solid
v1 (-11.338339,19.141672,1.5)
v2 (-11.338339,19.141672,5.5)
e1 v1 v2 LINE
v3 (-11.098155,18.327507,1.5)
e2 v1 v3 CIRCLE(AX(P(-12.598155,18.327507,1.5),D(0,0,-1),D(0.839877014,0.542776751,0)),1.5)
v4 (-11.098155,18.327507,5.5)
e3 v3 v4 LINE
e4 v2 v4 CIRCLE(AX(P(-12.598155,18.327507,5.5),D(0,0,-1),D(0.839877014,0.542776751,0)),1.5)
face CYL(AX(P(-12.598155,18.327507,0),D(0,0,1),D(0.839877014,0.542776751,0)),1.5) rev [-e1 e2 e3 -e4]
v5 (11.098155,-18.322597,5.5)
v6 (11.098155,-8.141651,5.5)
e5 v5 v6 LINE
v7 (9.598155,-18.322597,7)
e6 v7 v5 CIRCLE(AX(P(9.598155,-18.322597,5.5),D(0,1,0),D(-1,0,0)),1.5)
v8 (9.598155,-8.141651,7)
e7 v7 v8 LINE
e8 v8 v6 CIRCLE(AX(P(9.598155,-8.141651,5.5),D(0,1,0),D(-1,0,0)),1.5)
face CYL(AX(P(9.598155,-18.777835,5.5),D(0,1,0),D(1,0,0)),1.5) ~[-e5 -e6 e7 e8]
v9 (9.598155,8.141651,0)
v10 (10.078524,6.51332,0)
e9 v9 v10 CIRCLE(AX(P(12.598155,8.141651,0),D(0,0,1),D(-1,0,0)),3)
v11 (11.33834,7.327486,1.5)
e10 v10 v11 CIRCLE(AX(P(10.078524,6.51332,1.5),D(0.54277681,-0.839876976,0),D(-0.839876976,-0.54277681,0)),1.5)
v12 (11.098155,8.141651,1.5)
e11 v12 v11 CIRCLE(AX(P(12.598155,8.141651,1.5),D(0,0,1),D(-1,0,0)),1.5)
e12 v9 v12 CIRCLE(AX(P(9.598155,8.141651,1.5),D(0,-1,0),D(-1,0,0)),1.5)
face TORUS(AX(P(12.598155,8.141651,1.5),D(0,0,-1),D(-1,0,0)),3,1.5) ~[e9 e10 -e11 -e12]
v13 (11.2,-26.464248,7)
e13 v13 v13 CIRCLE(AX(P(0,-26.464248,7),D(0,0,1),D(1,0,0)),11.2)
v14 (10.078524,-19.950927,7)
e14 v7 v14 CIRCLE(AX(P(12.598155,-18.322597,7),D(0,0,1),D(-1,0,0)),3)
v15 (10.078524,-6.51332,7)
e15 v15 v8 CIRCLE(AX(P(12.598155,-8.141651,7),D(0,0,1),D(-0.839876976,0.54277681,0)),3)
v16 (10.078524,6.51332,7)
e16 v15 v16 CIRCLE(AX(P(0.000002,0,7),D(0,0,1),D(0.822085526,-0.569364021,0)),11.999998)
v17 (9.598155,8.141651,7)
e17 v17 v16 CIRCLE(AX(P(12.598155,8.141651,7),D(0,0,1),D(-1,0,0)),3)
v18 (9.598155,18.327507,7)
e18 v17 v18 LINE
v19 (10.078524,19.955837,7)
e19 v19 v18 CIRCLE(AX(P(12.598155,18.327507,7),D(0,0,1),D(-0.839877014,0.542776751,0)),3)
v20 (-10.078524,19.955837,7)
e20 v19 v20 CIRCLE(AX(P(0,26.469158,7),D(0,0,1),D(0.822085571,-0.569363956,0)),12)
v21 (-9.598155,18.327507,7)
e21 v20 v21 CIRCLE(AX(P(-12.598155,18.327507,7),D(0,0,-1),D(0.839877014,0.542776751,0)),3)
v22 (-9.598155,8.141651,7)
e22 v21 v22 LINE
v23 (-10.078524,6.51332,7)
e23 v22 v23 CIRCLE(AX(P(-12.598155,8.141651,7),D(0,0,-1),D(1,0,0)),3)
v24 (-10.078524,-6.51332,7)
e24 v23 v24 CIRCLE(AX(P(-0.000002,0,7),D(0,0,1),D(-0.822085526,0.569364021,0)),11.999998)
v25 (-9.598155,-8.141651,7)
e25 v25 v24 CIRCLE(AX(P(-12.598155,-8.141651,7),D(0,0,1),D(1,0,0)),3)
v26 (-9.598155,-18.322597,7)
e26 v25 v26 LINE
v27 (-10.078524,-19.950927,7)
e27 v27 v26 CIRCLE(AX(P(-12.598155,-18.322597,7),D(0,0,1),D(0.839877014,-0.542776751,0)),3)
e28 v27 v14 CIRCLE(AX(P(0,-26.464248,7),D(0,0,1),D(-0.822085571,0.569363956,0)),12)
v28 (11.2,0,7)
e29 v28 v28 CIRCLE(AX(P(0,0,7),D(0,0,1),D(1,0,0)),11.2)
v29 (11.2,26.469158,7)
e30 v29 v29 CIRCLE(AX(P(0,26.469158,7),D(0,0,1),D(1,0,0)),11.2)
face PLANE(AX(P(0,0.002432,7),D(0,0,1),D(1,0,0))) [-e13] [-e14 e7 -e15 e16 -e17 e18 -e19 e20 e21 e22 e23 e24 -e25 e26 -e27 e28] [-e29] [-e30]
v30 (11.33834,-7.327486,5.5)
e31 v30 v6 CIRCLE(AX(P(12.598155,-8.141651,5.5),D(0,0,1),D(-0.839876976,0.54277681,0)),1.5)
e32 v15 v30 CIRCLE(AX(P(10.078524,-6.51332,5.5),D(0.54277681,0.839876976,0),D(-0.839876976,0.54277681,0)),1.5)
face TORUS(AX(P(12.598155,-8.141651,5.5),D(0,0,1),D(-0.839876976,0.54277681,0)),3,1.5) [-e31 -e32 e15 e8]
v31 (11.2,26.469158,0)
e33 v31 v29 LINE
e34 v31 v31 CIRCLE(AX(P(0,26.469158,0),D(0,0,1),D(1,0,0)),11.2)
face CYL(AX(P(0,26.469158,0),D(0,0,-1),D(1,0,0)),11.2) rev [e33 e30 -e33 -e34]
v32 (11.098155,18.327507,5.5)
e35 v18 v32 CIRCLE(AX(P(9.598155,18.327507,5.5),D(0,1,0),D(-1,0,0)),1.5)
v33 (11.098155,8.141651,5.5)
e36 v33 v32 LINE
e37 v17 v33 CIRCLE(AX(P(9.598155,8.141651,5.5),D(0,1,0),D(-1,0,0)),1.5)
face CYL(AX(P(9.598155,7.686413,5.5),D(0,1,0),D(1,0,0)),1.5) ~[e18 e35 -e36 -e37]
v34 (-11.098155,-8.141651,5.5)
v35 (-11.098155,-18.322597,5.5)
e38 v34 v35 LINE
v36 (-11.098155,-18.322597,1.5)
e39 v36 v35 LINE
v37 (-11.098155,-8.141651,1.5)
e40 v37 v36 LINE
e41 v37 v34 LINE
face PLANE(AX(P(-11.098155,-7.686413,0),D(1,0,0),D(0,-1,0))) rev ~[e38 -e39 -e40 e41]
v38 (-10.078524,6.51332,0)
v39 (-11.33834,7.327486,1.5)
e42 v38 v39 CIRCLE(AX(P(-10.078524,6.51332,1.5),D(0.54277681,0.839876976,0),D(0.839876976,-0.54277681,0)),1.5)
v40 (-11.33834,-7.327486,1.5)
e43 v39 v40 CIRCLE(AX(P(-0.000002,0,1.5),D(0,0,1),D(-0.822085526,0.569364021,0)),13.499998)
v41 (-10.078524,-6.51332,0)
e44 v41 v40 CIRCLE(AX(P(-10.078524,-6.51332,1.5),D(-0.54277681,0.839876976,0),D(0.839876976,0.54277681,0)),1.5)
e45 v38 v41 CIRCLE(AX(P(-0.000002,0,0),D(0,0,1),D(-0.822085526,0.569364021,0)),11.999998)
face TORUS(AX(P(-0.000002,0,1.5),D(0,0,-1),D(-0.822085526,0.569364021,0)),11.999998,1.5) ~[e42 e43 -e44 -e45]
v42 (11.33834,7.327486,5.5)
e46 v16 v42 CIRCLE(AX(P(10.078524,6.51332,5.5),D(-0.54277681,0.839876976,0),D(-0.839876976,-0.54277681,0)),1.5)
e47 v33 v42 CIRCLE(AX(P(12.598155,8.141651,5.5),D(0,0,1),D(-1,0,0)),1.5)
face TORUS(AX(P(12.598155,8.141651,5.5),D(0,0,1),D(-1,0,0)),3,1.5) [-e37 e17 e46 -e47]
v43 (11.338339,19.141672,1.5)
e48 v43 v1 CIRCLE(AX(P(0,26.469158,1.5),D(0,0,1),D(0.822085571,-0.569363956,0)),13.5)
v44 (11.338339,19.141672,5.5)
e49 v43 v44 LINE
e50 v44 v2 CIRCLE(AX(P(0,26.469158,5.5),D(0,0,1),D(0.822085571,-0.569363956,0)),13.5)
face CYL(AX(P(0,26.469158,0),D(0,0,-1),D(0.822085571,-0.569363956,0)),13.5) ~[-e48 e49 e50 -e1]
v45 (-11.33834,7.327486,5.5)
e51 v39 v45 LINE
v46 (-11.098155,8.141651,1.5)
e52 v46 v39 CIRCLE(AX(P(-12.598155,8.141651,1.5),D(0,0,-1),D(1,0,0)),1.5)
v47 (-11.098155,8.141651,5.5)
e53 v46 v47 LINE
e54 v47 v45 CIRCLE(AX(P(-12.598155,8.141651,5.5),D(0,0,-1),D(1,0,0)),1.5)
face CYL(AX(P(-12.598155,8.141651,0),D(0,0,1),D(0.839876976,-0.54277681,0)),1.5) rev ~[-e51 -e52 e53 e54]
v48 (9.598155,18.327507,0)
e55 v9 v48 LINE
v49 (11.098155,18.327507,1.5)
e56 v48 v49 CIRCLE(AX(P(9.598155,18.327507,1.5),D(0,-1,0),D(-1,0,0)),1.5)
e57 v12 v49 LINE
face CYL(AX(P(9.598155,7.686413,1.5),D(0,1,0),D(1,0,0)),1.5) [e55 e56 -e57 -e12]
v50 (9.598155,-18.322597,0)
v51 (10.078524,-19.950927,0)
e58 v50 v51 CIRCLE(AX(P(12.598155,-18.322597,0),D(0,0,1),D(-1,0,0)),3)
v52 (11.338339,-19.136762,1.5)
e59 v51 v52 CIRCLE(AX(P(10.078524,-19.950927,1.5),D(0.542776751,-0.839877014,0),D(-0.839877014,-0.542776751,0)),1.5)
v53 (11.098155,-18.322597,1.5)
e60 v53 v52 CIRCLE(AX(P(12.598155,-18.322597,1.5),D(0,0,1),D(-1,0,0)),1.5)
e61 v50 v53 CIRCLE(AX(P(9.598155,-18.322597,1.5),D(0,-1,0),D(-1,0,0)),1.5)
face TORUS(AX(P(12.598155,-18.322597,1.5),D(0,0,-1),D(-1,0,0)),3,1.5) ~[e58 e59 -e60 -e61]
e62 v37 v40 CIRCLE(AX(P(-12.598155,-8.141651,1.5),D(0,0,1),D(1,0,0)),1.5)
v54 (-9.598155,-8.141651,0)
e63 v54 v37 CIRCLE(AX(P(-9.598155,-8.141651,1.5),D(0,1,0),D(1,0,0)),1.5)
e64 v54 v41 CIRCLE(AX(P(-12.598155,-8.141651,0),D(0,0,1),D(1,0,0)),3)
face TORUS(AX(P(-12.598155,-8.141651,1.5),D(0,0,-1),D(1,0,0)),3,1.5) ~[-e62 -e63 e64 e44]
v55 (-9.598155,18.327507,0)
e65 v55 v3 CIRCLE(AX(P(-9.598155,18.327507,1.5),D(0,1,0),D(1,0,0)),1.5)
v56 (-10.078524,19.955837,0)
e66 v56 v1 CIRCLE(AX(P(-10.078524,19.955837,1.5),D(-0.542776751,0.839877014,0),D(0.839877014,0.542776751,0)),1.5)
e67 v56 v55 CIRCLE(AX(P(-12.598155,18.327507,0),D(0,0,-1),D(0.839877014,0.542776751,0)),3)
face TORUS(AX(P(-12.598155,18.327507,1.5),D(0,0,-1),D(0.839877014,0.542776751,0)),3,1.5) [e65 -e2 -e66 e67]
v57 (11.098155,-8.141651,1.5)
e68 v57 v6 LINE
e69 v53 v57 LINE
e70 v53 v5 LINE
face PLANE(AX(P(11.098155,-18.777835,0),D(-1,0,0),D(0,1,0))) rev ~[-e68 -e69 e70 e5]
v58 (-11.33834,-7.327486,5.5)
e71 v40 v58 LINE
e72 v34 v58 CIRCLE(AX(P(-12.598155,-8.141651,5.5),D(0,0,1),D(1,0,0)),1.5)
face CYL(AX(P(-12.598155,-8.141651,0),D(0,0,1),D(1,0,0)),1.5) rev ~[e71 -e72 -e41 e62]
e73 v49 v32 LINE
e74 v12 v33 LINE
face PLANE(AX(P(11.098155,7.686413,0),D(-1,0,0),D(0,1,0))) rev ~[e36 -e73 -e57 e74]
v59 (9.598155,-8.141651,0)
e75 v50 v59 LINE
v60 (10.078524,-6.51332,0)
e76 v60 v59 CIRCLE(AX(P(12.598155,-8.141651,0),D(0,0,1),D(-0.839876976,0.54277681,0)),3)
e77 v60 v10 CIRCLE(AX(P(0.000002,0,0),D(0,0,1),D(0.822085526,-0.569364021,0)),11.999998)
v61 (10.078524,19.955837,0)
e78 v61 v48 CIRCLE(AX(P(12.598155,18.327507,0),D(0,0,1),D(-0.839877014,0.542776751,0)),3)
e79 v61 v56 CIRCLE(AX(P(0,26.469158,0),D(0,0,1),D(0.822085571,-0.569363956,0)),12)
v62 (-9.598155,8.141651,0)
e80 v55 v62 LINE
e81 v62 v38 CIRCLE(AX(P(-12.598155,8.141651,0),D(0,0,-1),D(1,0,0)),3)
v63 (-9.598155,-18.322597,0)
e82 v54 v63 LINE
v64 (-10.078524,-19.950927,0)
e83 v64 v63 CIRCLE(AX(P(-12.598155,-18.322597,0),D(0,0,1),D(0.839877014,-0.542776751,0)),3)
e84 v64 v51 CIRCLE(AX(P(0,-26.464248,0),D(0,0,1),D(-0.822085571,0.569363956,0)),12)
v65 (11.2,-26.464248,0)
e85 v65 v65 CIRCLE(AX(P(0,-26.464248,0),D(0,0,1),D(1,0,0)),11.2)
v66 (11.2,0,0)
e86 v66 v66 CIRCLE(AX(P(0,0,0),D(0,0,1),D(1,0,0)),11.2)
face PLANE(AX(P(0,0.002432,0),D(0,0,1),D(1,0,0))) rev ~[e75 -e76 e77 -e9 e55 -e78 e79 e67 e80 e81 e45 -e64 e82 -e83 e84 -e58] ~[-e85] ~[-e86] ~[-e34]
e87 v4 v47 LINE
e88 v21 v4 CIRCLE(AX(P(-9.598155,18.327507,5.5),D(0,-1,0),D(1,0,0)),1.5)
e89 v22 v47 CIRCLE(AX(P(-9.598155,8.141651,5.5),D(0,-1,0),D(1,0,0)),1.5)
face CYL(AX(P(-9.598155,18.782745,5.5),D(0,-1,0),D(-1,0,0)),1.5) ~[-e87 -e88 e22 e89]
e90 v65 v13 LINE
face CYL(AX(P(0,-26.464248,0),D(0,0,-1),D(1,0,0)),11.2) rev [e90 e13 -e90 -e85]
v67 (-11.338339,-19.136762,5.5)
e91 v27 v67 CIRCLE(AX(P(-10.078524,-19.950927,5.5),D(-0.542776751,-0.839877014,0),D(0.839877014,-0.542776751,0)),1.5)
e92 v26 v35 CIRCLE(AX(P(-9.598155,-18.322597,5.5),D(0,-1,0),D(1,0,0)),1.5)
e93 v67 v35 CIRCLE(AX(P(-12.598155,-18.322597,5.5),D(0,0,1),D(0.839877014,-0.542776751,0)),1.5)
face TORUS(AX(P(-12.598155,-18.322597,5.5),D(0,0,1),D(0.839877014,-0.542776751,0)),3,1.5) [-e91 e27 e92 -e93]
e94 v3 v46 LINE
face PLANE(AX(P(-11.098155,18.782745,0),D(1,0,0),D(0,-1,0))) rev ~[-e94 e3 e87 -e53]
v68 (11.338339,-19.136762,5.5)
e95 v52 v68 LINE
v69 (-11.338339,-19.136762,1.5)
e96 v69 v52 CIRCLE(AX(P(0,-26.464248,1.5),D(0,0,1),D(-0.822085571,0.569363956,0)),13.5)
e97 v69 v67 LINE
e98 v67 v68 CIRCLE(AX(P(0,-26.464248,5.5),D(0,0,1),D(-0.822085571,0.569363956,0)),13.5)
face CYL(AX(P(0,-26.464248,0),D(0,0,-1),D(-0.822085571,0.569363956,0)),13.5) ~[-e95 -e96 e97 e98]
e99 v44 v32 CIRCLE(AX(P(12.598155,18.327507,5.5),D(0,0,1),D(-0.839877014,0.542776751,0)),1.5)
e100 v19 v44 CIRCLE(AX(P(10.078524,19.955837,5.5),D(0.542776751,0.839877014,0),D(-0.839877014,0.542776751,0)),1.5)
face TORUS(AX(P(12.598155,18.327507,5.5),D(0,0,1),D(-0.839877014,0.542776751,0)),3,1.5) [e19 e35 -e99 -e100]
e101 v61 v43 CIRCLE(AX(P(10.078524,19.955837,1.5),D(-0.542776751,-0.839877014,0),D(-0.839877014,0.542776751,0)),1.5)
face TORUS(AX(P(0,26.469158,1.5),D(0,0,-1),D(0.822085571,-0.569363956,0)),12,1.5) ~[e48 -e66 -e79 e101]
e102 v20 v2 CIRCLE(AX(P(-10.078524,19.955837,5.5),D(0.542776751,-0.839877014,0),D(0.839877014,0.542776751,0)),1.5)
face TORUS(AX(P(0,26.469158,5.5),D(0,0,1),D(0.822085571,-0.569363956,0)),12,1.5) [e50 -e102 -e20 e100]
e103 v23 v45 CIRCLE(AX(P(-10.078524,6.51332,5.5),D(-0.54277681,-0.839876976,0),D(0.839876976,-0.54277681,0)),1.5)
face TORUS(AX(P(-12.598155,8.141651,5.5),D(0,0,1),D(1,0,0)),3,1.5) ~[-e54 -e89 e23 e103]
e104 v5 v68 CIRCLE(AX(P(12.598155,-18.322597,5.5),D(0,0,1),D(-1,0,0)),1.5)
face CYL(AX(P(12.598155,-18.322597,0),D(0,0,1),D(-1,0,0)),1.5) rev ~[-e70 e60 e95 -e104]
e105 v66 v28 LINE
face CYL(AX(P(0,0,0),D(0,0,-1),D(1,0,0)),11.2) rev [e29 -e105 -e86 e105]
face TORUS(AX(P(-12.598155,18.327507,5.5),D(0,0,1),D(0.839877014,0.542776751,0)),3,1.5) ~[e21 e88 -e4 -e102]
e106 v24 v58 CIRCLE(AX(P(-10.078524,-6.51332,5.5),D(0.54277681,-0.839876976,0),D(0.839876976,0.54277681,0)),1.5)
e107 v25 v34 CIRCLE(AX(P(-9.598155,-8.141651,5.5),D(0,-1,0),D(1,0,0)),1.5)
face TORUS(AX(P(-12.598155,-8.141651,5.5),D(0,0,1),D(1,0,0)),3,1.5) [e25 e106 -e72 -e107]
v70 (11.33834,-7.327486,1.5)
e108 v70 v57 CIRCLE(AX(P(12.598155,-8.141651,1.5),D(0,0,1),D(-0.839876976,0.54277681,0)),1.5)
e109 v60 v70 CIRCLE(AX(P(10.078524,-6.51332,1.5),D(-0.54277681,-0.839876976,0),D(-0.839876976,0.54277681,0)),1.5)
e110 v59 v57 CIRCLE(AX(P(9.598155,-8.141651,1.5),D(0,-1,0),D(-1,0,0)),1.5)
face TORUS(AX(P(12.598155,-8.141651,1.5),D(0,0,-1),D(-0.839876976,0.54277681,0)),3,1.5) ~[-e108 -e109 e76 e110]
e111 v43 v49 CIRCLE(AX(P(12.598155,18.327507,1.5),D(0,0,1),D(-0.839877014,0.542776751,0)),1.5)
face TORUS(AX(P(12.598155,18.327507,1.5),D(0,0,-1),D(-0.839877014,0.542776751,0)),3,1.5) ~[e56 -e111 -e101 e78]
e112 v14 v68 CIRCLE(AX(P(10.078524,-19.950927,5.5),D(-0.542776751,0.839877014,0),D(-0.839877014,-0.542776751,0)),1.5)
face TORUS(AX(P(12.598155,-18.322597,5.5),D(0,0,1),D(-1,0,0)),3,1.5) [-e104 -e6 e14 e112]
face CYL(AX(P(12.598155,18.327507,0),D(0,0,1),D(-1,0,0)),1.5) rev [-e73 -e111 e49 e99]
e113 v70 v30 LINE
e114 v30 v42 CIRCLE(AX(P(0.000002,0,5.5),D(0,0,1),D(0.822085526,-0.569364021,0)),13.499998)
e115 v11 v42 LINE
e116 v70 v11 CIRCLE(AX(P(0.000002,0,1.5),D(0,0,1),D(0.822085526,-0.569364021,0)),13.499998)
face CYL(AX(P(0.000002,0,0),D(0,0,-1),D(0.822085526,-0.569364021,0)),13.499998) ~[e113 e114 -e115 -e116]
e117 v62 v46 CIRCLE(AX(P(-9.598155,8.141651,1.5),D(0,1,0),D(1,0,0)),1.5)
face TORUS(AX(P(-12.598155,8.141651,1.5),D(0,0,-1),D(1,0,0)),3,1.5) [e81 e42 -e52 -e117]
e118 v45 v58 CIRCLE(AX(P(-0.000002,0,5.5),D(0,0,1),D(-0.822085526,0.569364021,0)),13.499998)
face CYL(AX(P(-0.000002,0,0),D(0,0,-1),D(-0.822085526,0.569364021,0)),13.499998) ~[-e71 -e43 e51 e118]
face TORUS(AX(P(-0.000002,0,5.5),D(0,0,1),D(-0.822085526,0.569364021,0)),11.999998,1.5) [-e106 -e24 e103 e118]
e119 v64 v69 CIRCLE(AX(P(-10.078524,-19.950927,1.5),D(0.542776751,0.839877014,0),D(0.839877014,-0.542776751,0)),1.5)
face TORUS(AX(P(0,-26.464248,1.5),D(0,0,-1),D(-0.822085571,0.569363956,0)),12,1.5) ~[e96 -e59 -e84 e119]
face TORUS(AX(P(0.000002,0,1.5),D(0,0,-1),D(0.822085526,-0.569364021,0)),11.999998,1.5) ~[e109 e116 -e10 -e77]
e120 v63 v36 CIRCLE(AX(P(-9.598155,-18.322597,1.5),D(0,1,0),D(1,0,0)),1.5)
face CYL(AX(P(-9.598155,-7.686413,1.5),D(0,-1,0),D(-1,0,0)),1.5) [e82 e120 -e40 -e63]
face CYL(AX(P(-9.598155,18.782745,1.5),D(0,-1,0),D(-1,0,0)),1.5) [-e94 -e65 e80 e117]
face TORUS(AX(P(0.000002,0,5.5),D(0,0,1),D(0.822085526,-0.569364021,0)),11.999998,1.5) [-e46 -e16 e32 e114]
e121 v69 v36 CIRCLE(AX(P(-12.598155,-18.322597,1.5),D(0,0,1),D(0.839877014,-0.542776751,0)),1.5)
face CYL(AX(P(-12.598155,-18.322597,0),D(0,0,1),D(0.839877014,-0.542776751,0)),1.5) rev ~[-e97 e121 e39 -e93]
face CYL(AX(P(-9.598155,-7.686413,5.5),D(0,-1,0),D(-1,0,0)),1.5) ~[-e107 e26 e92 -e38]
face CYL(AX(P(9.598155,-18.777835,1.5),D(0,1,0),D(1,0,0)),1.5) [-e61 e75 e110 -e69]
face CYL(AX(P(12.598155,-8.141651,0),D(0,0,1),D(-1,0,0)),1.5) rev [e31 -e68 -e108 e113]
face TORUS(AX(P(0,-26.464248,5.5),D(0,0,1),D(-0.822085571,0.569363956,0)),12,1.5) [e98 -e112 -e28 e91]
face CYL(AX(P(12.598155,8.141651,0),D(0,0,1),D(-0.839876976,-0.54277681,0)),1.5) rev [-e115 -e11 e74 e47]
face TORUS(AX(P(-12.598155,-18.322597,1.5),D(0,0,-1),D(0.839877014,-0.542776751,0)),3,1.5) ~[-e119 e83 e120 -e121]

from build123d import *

# Parameters (mm, degrees)
F0_R     = 11.2
F1_DEPTH = 7
F2_R     = 1.5


with BuildPart() as f1:
    # F0 (on Top) → F1 (new body)
    with BuildSketch(Plane.XY):
        with BuildLine():
            Line((11.098155, -18.777835), (11.098155, -7.686413))
            ThreePointArc((11.098155, -7.686413), (13.5, 0), (11.098155, 7.686413))
            Line((11.098155, 7.686413), (11.098155, 18.782745))
            ThreePointArc((11.098155, 18.782745), (0, 39.969158), (-11.098155, 18.782745))
            Line((-11.098155, 18.782745), (-11.098155, 7.686413))
            ThreePointArc((-11.098155, 7.686413), (-13.5, 0), (-11.098155, -7.686413))
            Line((-11.098155, -7.686413), (-11.098155, -18.777835))
            ThreePointArc((-11.098155, -18.777835), (0, -39.964248), (11.098155, -18.777835))
        make_face()
        with Locations((0, -26.464248)):
            Circle(F0_R, mode=Mode.SUBTRACT)
        Circle(F0_R, mode=Mode.SUBTRACT)
        with Locations((0, 26.469158)):
            Circle(F0_R, mode=Mode.SUBTRACT)
    extrude(amount=F1_DEPTH)

    # F2
    f2_edges = [f1.edges().sort_by_distance(p)[0] for p in [
        (11.098155, 18.782745, 3.5),
        (-11.098155, 18.782745, 3.5),
        (0, 39.969158, 0),
        (0, 39.969158, 7),
        (11.098155, 7.686413, 3.5),
        (11.098155, 13.234579, 0),
        (11.098155, 13.234579, 7),
        (11.098155, -7.686413, 3.5),
        (13.5, 0, 0),
        (13.5, 0, 7),
        (11.098155, -18.777835, 3.5),
        (11.098155, -13.232124, 0),
        (11.098155, -13.232124, 7),
        (-11.098155, -18.777835, 3.5),
        (0, -39.964248, 0),
        (0, -39.964248, 7),
        (-11.098155, 7.686413, 3.5),
        (-11.098155, 13.234579, 0),
        (-11.098155, 13.234579, 7),
        (-13.5, 0, 0),
        (-11.098155, -7.686413, 3.5),
        (-11.098155, -13.232124, 0),
        (-11.098155, -13.232124, 7),
        (-13.5, 0, 7),
    ]]
    fillet(f2_edges, radius=F2_R)


solid = f1.part
